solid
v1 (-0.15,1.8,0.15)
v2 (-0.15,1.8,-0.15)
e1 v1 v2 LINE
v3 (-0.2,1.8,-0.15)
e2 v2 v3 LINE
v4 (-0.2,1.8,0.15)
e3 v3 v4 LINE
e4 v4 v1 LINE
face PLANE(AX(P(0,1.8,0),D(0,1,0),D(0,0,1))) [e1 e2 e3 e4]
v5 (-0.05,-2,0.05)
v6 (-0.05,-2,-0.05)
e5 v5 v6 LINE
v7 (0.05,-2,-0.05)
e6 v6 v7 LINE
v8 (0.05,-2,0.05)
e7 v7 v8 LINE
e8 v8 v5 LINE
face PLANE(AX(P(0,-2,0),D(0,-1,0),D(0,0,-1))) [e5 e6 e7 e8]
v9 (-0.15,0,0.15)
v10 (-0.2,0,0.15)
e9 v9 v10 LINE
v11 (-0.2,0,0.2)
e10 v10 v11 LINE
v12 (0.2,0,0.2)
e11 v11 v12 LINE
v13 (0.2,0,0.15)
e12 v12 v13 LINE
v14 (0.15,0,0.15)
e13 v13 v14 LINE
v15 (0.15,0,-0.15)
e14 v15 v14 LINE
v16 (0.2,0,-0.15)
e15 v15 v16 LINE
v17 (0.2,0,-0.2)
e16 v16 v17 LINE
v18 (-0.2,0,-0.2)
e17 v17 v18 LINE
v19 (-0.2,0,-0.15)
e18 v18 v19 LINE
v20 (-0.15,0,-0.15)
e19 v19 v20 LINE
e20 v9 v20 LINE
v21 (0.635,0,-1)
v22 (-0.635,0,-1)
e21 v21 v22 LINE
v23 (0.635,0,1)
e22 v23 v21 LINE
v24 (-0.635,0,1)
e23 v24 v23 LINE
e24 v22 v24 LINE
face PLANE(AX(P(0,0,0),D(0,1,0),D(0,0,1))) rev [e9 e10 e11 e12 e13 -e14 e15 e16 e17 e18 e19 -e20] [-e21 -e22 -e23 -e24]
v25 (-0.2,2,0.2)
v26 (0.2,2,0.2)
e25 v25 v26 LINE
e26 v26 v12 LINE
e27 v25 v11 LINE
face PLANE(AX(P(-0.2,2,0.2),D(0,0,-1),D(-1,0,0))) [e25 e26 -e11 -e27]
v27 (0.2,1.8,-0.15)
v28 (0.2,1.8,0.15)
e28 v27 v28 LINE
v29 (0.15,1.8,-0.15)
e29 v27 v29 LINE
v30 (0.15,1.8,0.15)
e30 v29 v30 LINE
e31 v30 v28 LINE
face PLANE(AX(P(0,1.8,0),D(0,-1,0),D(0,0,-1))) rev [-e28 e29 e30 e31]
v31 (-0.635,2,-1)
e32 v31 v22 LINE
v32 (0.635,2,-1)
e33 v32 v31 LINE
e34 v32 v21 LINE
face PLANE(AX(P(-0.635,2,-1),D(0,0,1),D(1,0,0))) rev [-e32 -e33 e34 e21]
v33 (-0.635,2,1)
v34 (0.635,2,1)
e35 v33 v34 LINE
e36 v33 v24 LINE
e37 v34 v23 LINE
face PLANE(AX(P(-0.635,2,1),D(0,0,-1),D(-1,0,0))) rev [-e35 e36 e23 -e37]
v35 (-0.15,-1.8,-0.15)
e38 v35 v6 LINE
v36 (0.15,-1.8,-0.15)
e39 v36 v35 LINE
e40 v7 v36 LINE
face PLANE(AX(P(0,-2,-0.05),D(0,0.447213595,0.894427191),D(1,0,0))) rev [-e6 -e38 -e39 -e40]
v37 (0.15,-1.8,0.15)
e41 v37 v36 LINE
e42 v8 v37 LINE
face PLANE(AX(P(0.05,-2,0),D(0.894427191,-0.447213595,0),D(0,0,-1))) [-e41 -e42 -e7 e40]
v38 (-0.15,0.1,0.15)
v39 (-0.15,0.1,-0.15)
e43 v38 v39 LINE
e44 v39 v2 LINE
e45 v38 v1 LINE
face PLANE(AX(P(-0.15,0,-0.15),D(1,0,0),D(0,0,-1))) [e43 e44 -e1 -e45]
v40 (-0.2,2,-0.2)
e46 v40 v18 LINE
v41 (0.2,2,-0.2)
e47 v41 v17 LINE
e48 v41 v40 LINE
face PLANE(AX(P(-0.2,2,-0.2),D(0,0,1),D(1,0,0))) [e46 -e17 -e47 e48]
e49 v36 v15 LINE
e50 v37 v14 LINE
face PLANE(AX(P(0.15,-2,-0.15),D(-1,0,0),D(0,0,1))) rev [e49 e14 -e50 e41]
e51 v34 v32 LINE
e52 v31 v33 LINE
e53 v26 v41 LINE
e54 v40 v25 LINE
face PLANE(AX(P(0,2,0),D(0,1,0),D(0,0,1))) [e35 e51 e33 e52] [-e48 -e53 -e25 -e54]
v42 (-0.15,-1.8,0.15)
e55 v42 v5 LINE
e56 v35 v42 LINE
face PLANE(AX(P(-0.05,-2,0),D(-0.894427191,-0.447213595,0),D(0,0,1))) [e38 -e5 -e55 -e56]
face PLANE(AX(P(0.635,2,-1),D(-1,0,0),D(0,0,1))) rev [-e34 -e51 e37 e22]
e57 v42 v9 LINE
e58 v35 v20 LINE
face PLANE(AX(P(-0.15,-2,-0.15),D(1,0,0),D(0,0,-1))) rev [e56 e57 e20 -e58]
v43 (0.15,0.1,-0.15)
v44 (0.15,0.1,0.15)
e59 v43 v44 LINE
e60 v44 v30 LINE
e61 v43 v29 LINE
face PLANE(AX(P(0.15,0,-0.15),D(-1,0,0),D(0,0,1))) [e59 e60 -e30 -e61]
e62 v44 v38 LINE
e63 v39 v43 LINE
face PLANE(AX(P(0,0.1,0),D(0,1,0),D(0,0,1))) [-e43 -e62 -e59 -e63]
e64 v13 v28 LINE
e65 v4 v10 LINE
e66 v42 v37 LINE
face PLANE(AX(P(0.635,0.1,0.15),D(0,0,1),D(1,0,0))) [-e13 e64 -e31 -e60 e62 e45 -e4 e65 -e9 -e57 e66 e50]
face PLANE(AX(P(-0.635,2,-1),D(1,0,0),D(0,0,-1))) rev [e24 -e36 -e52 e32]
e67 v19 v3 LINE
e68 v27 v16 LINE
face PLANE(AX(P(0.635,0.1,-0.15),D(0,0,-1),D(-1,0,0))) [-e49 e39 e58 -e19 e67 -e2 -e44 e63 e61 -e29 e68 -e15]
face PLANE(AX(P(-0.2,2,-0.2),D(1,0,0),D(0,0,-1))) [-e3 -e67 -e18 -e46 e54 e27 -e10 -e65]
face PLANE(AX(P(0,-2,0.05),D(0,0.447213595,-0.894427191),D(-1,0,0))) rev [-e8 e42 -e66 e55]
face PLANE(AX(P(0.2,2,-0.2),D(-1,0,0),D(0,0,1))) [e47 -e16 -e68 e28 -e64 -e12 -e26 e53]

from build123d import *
from OCP.BRepFilletAPI import BRepFilletAPI_MakeChamfer

# Parameters (mm, degrees)
SKETCH_1_W        = 1.27
SKETCH_1_H        = 2
SKETCH_1_W_2      = 0.4
SKETCH_1_H_2      = 0.4
EXTRUDE_1_DEPTH   = 2
SKETCH_3_W        = 0.2
SKETCH_3_H        = 0.3
EXTRUDE_2_DEPTH   = 1.8
EXTRUDE_2_2_DEPTH = 1.8
SKETCH_5_W        = 1.27
SKETCH_5_H        = 0.3
EXTRUDE_3_DEPTH   = 0.1
SKETCH_6_W        = 0.3
SKETCH_6_H        = 0.3
EXTRUDE_4_DEPTH   = 2
CHAMFER_1_SIZE    = 0.2
CHAMFER_1_SIZE2   = 0.1


with BuildPart() as part:
    # Sketch 1 → Extrude 1 (new body)
    with BuildSketch(Plane(origin=(0, 0, 0), x_dir=(1, 0, 0), z_dir=(0, 1, 0))):
        Rectangle(SKETCH_1_W, SKETCH_1_H)
        Rectangle(SKETCH_1_W_2, SKETCH_1_H_2, mode=Mode.SUBTRACT)
    extrude(amount=EXTRUDE_1_DEPTH)



with BuildPart() as body_2:
    # Sketch 3 → Extrude 2 (new body)
    with BuildSketch(Plane(origin=(0, 1.8, 0), x_dir=(1, 0, 0), z_dir=(0, 1, 0))):
        with Locations((0.25, 0)):
            Rectangle(SKETCH_3_W, SKETCH_3_H)
    extrude(amount=-EXTRUDE_2_DEPTH)


with BuildPart() as body_3:
    # Sketch 3 → Extrude 2 2 (new body)
    with BuildSketch(Plane(origin=(0, 1.8, 0), x_dir=(1, 0, 0), z_dir=(0, 1, 0))):
        with Locations((-0.25, 0)):
            Rectangle(SKETCH_3_W, SKETCH_3_H)
    extrude(amount=-EXTRUDE_2_2_DEPTH)


with BuildPart() as part_1:
    add(part.part)

    add(body_2.part)  # Extrude 3 merges body 2

    add(body_3.part)  # Extrude 3 merges body 3
    # Sketch 5 → Extrude 3 (add)
    with BuildSketch(Plane.XZ):
        Rectangle(SKETCH_5_W, SKETCH_5_H)
    extrude(amount=-EXTRUDE_3_DEPTH)

    # Sketch 6 → Extrude 4 (add)
    with BuildSketch(Plane.XZ):
        Rectangle(SKETCH_6_W, SKETCH_6_H)
    extrude(amount=EXTRUDE_4_DEPTH)

    # Chamfer 1: one chamfer whose edges measure the first distance from different faces: ONE call of the kernel's chamfer builder (chamfer() names one face for all edges)
    chamfer_1_edges_1 = [part_1.edges().sort_by_distance(p)[0] for p in [
        (-0.15, -2, 0),
    ]]
    chamfer_1_side_1 = [part_1.faces().sort_by_distance(p)[0] for p in [
        (-0.15, -1, 0),
    ]]
    chamfer_1_edges_2 = [part_1.edges().sort_by_distance(p)[0] for p in [
        (0, -2, -0.15),
    ]]
    chamfer_1_side_2 = [part_1.faces().sort_by_distance(p)[0] for p in [
        (0, -0.538888889, -0.15),
    ]]
    chamfer_1_edges_3 = [part_1.edges().sort_by_distance(p)[0] for p in [
        (0.15, -2, 0),
    ]]
    chamfer_1_side_3 = [part_1.faces().sort_by_distance(p)[0] for p in [
        (0.15, -1, 0),
    ]]
    chamfer_1_edges_4 = [part_1.edges().sort_by_distance(p)[0] for p in [
        (0, -2, 0.15),
    ]]
    chamfer_1_side_4 = [part_1.faces().sort_by_distance(p)[0] for p in [
        (0, -0.538888889, 0.15),
    ]]
    chamfer_1 = BRepFilletAPI_MakeChamfer(part_1.part.solid().wrapped)
    for e in chamfer_1_edges_1:
        chamfer_1.Add(CHAMFER_1_SIZE, CHAMFER_1_SIZE2, e.wrapped, chamfer_1_side_1[0].wrapped)  # the first distance lies on this face
    for e in chamfer_1_edges_2:
        chamfer_1.Add(CHAMFER_1_SIZE, CHAMFER_1_SIZE2, e.wrapped, chamfer_1_side_2[0].wrapped)  # the first distance lies on this face
    for e in chamfer_1_edges_3:
        chamfer_1.Add(CHAMFER_1_SIZE, CHAMFER_1_SIZE2, e.wrapped, chamfer_1_side_3[0].wrapped)  # the first distance lies on this face
    for e in chamfer_1_edges_4:
        chamfer_1.Add(CHAMFER_1_SIZE, CHAMFER_1_SIZE2, e.wrapped, chamfer_1_side_4[0].wrapped)  # the first distance lies on this face
    add(Compound.cast(chamfer_1.Shape()), mode=Mode.REPLACE)


solid = part_1.part
